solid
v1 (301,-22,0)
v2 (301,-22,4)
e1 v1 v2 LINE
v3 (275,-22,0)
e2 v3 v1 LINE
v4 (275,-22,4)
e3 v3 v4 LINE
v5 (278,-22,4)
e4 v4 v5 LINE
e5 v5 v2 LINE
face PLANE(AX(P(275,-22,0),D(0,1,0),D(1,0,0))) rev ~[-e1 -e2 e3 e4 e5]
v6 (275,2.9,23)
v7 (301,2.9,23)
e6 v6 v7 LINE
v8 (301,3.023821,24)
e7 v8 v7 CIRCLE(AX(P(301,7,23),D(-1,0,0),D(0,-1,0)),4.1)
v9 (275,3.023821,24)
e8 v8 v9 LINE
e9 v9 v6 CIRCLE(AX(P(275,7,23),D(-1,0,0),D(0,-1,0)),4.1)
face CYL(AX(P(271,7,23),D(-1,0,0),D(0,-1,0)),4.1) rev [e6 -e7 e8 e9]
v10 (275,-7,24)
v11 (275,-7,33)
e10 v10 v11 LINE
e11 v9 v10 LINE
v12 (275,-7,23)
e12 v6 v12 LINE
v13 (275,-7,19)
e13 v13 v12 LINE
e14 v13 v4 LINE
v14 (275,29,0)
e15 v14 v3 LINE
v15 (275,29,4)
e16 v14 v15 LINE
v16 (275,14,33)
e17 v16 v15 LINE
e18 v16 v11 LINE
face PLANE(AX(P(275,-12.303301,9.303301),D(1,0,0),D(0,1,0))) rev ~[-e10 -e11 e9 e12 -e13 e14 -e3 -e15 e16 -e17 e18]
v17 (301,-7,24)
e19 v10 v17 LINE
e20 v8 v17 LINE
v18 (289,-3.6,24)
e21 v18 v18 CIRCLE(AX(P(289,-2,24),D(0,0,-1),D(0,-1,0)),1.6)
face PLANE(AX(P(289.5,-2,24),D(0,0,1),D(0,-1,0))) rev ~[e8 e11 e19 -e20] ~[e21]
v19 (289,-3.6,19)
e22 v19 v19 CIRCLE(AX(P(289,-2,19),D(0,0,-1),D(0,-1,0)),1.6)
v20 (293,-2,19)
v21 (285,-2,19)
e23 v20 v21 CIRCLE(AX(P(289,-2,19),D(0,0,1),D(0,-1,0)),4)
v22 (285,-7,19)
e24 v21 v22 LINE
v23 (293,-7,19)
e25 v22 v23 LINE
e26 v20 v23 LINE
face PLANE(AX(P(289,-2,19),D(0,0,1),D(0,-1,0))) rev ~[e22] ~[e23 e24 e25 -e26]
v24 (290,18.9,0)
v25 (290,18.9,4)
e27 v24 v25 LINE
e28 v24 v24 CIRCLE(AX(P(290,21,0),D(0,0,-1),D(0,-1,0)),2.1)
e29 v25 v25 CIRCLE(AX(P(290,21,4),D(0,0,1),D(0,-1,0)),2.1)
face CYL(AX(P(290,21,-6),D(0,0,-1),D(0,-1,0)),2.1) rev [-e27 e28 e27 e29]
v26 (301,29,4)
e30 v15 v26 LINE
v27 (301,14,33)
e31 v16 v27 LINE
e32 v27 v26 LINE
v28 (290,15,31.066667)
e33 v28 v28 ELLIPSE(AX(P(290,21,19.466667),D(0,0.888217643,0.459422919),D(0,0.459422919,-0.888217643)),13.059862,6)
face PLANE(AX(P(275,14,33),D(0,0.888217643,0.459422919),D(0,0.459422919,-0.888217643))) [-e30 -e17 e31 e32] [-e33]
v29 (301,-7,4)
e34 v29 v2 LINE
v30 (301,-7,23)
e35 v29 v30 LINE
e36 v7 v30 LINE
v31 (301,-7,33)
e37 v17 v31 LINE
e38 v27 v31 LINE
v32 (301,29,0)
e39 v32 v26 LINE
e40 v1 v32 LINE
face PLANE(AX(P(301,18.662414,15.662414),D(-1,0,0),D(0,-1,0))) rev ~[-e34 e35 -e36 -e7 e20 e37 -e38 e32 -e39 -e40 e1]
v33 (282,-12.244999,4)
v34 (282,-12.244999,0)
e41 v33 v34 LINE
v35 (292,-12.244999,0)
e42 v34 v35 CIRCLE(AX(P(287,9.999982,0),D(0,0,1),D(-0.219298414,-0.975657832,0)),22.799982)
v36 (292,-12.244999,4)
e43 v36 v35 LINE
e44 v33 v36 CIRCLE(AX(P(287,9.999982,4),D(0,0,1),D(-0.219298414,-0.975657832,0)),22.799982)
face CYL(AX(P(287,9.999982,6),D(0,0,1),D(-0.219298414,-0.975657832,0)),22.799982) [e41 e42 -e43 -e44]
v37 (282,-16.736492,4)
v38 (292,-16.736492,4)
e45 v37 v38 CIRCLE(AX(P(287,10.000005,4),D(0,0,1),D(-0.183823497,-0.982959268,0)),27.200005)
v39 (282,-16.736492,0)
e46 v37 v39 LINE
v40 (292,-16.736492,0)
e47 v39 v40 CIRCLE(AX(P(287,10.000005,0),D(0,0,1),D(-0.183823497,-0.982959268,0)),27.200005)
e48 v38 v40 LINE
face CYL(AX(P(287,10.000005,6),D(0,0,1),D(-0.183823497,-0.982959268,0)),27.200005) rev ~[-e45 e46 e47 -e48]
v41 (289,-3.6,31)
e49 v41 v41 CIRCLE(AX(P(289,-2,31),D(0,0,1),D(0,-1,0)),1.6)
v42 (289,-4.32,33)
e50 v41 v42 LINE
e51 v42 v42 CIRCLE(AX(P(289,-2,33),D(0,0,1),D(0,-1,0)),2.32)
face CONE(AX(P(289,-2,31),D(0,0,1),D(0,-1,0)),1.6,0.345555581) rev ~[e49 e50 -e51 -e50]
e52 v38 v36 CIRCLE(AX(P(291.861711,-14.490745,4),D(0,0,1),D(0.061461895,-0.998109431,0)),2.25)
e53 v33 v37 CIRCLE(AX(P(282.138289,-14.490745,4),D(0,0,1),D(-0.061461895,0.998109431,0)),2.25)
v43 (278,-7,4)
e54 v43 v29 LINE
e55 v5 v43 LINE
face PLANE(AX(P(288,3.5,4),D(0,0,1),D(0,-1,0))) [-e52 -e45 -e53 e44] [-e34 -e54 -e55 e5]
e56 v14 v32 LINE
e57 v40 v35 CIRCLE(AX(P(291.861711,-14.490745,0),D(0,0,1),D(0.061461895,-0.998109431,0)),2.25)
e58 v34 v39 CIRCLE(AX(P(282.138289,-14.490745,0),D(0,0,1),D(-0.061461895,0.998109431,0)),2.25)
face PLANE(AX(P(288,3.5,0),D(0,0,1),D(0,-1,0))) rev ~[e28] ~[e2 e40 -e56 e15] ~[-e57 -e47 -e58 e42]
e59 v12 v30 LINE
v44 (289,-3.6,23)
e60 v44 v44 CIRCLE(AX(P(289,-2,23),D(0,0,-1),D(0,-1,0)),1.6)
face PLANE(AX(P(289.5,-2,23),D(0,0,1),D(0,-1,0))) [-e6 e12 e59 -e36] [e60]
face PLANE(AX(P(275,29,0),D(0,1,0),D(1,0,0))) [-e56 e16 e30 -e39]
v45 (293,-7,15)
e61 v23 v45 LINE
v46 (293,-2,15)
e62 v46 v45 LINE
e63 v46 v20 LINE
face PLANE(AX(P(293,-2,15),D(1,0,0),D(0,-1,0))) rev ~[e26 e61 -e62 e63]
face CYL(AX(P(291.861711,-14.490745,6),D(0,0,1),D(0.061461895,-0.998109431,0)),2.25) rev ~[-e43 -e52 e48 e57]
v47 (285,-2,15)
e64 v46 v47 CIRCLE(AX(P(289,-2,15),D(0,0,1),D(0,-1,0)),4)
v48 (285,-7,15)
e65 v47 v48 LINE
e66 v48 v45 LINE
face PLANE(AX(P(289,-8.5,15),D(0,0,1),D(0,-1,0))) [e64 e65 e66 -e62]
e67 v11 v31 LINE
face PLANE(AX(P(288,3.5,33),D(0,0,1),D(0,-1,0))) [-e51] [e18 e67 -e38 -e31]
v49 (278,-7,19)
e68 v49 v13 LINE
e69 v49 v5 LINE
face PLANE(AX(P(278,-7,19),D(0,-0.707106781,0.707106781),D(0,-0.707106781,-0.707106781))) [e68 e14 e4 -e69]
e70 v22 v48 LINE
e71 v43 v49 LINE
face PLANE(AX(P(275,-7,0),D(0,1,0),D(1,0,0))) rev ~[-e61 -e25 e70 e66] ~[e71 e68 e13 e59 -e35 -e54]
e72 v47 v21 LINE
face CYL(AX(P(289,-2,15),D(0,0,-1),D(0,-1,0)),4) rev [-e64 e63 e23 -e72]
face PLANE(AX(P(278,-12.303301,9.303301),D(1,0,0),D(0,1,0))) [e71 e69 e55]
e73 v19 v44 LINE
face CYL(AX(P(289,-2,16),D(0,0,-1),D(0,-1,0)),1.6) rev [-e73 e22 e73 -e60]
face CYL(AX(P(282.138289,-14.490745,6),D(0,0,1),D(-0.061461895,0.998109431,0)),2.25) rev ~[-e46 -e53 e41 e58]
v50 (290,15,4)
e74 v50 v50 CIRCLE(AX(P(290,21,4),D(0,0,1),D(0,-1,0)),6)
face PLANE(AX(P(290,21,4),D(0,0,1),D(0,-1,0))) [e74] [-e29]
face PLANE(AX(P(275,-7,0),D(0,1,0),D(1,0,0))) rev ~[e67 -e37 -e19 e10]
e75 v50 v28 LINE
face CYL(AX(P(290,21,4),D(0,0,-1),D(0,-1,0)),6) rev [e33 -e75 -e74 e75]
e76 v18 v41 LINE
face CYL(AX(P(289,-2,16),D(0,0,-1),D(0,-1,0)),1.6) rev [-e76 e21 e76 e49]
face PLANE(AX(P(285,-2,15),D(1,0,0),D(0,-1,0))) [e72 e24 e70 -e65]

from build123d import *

# Parameters (mm, degrees)
CYLINDER047_R              = 6
CYLINDER047_DEPTH          = 30
CYLINDER049_R              = 2.1
CYLINDER049_DEPTH          = 10
CYLINDER046_R              = 1.6
CYLINDER046_DEPTH          = 15
CYLINDER050_R              = 4
CYLINDER050_DEPTH          = 4
BOX015_W                   = 13
BOX015_H                   = 8
BOX015_DEPTH               = 4
EXTRUDE012_DEPTH           = 3
EXTRUDE012_PLACEMENT_ANGLE = 180
EXTRUDE011_DEPTH           = 10
BOX018_W                   = 51
BOX018_H                   = 26
BOX018_DEPTH               = 4
EXTRUDE010_DEPTH           = 26
CYLINDER048_R              = 4.1
CYLINDER048_DEPTH          = 240
BOX016_W                   = 12
BOX016_H                   = 35
BOX016_DEPTH               = 1
BOX017_W                   = 21
BOX017_H                   = 26
BOX017_DEPTH               = 33
CUT042_PLACEMENT_ANGLE     = 90


with BuildPart() as cylinder047:
    # Cylinder047 → Cylinder047 (new body)
    with BuildSketch(Plane.XY.offset(10)):
        Circle(CYLINDER047_R)
    extrude(amount=CYLINDER047_DEPTH)


with BuildPart() as fusion019:
    # Cylinder049 → Cylinder049 (new body)
    with BuildSketch(Plane.XY):
        Circle(CYLINDER049_R)
    extrude(amount=CYLINDER049_DEPTH)

    # Fusion019: union Cylinder047
    add(cylinder047.part)


with BuildPart() as fusion019_1:
    # Fusion019 placement: moved
    add(fusion019.part.moved(Location((-14, 12, -29))))


with BuildPart() as cylinder046:
    # Cylinder046 → Cylinder046 (new body)
    with BuildSketch(Plane.XY):
        Circle(CYLINDER046_R)
    extrude(amount=CYLINDER046_DEPTH)


with BuildPart() as fusion021:
    # Cone003 → Cone003 (revolve)
    with BuildSketch(Plane(origin=(0, 0, 15), x_dir=(1, 0, 0), z_dir=(0, -1, 0))):
        Polygon((0, 0), (1.6, 0), (2.5, 2.5), (0, 2.5), align=None)
    revolve(axis=Axis((0, 0, 15), (0, 0, 1)))

    # Fusion021: union Cylinder046
    add(cylinder046.part)


with BuildPart() as fusion021_1:
    # Fusion021 placement: moved
    add(fusion021.part.moved(Location((9, 11, -7))))


with BuildPart() as cylinder050:
    # Cylinder050 → Cylinder050 (new body)
    with BuildSketch(Plane(origin=(9, 11, -8), x_dir=(1, 0, 0), z_dir=(0, 0, 1))):
        Circle(CYLINDER050_R)
    extrude(amount=CYLINDER050_DEPTH)


with BuildPart() as fusion018:
    # Box015 → Box015 (new body)
    with BuildSketch(Plane(origin=(9, 7, -8), x_dir=(1, 0, 0), z_dir=(0, 0, 1))):
        with Locations((6.5, 4)):
            Rectangle(BOX015_W, BOX015_H)
    extrude(amount=BOX015_DEPTH)

    # Fusion018: union Cylinder050
    add(cylinder050.part)


with BuildPart() as extrude012:
    # Sketch006 → Extrude012 (new body)
    with BuildSketch(Plane.XZ):
        Polygon((-22, -19), (-7, -19), (-7, -4), align=None)
    extrude(amount=-EXTRUDE012_DEPTH)


with BuildPart() as extrude012_1:
    # Extrude012 placement: moved
    add(extrude012.part.moved(Location((7, 0, 0))).rotate(Axis((7, 0, 0), (0, 0, 1)), EXTRUDE012_PLACEMENT_ANGLE))


with BuildPart() as extrude011:
    # Sketch007 → Extrude011 (new body)
    with BuildSketch(Plane.XY):
        with BuildLine():
            ThreePointArc((35.736492, 10), (36.2, 15), (35.736492, 20))
            ThreePointArc((35.736492, 20), (33.490746, 22.111711), (31.244999, 20))
            ThreePointArc((31.244999, 10), (31.8, 15), (31.244999, 20))
            ThreePointArc((31.244999, 10), (33.490746, 7.888289), (35.736492, 10))
        make_face()
    extrude(amount=-EXTRUDE011_DEPTH)


with BuildPart() as extrude011_1:
    # Extrude011 placement: moved
    add(extrude011.part.moved(Location((-12, -3, -17))))


with BuildPart() as cut044:
    # Box018 → Box018 (new body)
    with BuildSketch(Plane(origin=(-22, 0, -23), x_dir=(1, 0, 0), z_dir=(0, 0, 1))):
        with Locations((25.5, 13)):
            Rectangle(BOX018_W, BOX018_H)
    extrude(amount=BOX018_DEPTH)

    # Cut044: cut Extrude011
    add(extrude011_1.part, mode=Mode.SUBTRACT)


with BuildPart() as cut044_1:
    # Cut044 placement: moved
    add(cut044.part.moved(Location((0, -3, 0))))


with BuildPart() as extrude010:
    # Sketch008 → Extrude010 (new body)
    with BuildSketch(Plane.XZ):
        Polygon((-22, -19), (-7, -19), (-7, 10), align=None)
    extrude(amount=-EXTRUDE010_DEPTH)


with BuildPart() as extrude010_1:
    # Extrude010 placement: moved
    add(extrude010.part.moved(Location((0, -3, 0))))


with BuildPart() as cylinder048:
    # Cylinder048 → Cylinder048 (new body)
    with BuildSketch(Plane(origin=(0, -7, 0), x_dir=(1, 0, 0), z_dir=(0, 1, 0))):
        Circle(CYLINDER048_R)
    extrude(amount=CYLINDER048_DEPTH)


with BuildPart() as box016:
    # Box016 → Box016 (new body)
    with BuildSketch(Plane(origin=(3, -6, 0), x_dir=(1, 0, 0), z_dir=(0, 0, 1))):
        with Locations((6, 17.5)):
            Rectangle(BOX016_W, BOX016_H)
    extrude(amount=BOX016_DEPTH)


with BuildPart() as cut042:
    # Box017 → Box017 (new body)
    with BuildSketch(Plane(origin=(-7, -3, -23), x_dir=(1, 0, 0), z_dir=(0, 0, 1))):
        with Locations((10.5, 13)):
            Rectangle(BOX017_W, BOX017_H)
    extrude(amount=BOX017_DEPTH)

    # Cut045: cut Box016
    add(box016.part, mode=Mode.SUBTRACT)

    # Cut041: cut Cylinder048
    add(cylinder048.part, mode=Mode.SUBTRACT)

    # Fusion020: union Cut044, Extrude010
    add(cut044_1.part)
    add(extrude010_1.part)

    # Fusion017: union Extrude012
    add(extrude012_1.part)

    # Cut043: cut Fusion018
    add(fusion018.part, mode=Mode.SUBTRACT)

    # Cut046: cut Fusion021
    add(fusion021_1.part, mode=Mode.SUBTRACT)

    # Cut042: cut Fusion019
    add(fusion019_1.part, mode=Mode.SUBTRACT)


with BuildPart() as cut042_1:
    # Cut042 placement: moved
    add(cut042.part.moved(Location((278, 7, 23))).rotate(Axis((278, 7, 23), (0, 0, -1)), CUT042_PLACEMENT_ANGLE))


solid = cut042_1.part
